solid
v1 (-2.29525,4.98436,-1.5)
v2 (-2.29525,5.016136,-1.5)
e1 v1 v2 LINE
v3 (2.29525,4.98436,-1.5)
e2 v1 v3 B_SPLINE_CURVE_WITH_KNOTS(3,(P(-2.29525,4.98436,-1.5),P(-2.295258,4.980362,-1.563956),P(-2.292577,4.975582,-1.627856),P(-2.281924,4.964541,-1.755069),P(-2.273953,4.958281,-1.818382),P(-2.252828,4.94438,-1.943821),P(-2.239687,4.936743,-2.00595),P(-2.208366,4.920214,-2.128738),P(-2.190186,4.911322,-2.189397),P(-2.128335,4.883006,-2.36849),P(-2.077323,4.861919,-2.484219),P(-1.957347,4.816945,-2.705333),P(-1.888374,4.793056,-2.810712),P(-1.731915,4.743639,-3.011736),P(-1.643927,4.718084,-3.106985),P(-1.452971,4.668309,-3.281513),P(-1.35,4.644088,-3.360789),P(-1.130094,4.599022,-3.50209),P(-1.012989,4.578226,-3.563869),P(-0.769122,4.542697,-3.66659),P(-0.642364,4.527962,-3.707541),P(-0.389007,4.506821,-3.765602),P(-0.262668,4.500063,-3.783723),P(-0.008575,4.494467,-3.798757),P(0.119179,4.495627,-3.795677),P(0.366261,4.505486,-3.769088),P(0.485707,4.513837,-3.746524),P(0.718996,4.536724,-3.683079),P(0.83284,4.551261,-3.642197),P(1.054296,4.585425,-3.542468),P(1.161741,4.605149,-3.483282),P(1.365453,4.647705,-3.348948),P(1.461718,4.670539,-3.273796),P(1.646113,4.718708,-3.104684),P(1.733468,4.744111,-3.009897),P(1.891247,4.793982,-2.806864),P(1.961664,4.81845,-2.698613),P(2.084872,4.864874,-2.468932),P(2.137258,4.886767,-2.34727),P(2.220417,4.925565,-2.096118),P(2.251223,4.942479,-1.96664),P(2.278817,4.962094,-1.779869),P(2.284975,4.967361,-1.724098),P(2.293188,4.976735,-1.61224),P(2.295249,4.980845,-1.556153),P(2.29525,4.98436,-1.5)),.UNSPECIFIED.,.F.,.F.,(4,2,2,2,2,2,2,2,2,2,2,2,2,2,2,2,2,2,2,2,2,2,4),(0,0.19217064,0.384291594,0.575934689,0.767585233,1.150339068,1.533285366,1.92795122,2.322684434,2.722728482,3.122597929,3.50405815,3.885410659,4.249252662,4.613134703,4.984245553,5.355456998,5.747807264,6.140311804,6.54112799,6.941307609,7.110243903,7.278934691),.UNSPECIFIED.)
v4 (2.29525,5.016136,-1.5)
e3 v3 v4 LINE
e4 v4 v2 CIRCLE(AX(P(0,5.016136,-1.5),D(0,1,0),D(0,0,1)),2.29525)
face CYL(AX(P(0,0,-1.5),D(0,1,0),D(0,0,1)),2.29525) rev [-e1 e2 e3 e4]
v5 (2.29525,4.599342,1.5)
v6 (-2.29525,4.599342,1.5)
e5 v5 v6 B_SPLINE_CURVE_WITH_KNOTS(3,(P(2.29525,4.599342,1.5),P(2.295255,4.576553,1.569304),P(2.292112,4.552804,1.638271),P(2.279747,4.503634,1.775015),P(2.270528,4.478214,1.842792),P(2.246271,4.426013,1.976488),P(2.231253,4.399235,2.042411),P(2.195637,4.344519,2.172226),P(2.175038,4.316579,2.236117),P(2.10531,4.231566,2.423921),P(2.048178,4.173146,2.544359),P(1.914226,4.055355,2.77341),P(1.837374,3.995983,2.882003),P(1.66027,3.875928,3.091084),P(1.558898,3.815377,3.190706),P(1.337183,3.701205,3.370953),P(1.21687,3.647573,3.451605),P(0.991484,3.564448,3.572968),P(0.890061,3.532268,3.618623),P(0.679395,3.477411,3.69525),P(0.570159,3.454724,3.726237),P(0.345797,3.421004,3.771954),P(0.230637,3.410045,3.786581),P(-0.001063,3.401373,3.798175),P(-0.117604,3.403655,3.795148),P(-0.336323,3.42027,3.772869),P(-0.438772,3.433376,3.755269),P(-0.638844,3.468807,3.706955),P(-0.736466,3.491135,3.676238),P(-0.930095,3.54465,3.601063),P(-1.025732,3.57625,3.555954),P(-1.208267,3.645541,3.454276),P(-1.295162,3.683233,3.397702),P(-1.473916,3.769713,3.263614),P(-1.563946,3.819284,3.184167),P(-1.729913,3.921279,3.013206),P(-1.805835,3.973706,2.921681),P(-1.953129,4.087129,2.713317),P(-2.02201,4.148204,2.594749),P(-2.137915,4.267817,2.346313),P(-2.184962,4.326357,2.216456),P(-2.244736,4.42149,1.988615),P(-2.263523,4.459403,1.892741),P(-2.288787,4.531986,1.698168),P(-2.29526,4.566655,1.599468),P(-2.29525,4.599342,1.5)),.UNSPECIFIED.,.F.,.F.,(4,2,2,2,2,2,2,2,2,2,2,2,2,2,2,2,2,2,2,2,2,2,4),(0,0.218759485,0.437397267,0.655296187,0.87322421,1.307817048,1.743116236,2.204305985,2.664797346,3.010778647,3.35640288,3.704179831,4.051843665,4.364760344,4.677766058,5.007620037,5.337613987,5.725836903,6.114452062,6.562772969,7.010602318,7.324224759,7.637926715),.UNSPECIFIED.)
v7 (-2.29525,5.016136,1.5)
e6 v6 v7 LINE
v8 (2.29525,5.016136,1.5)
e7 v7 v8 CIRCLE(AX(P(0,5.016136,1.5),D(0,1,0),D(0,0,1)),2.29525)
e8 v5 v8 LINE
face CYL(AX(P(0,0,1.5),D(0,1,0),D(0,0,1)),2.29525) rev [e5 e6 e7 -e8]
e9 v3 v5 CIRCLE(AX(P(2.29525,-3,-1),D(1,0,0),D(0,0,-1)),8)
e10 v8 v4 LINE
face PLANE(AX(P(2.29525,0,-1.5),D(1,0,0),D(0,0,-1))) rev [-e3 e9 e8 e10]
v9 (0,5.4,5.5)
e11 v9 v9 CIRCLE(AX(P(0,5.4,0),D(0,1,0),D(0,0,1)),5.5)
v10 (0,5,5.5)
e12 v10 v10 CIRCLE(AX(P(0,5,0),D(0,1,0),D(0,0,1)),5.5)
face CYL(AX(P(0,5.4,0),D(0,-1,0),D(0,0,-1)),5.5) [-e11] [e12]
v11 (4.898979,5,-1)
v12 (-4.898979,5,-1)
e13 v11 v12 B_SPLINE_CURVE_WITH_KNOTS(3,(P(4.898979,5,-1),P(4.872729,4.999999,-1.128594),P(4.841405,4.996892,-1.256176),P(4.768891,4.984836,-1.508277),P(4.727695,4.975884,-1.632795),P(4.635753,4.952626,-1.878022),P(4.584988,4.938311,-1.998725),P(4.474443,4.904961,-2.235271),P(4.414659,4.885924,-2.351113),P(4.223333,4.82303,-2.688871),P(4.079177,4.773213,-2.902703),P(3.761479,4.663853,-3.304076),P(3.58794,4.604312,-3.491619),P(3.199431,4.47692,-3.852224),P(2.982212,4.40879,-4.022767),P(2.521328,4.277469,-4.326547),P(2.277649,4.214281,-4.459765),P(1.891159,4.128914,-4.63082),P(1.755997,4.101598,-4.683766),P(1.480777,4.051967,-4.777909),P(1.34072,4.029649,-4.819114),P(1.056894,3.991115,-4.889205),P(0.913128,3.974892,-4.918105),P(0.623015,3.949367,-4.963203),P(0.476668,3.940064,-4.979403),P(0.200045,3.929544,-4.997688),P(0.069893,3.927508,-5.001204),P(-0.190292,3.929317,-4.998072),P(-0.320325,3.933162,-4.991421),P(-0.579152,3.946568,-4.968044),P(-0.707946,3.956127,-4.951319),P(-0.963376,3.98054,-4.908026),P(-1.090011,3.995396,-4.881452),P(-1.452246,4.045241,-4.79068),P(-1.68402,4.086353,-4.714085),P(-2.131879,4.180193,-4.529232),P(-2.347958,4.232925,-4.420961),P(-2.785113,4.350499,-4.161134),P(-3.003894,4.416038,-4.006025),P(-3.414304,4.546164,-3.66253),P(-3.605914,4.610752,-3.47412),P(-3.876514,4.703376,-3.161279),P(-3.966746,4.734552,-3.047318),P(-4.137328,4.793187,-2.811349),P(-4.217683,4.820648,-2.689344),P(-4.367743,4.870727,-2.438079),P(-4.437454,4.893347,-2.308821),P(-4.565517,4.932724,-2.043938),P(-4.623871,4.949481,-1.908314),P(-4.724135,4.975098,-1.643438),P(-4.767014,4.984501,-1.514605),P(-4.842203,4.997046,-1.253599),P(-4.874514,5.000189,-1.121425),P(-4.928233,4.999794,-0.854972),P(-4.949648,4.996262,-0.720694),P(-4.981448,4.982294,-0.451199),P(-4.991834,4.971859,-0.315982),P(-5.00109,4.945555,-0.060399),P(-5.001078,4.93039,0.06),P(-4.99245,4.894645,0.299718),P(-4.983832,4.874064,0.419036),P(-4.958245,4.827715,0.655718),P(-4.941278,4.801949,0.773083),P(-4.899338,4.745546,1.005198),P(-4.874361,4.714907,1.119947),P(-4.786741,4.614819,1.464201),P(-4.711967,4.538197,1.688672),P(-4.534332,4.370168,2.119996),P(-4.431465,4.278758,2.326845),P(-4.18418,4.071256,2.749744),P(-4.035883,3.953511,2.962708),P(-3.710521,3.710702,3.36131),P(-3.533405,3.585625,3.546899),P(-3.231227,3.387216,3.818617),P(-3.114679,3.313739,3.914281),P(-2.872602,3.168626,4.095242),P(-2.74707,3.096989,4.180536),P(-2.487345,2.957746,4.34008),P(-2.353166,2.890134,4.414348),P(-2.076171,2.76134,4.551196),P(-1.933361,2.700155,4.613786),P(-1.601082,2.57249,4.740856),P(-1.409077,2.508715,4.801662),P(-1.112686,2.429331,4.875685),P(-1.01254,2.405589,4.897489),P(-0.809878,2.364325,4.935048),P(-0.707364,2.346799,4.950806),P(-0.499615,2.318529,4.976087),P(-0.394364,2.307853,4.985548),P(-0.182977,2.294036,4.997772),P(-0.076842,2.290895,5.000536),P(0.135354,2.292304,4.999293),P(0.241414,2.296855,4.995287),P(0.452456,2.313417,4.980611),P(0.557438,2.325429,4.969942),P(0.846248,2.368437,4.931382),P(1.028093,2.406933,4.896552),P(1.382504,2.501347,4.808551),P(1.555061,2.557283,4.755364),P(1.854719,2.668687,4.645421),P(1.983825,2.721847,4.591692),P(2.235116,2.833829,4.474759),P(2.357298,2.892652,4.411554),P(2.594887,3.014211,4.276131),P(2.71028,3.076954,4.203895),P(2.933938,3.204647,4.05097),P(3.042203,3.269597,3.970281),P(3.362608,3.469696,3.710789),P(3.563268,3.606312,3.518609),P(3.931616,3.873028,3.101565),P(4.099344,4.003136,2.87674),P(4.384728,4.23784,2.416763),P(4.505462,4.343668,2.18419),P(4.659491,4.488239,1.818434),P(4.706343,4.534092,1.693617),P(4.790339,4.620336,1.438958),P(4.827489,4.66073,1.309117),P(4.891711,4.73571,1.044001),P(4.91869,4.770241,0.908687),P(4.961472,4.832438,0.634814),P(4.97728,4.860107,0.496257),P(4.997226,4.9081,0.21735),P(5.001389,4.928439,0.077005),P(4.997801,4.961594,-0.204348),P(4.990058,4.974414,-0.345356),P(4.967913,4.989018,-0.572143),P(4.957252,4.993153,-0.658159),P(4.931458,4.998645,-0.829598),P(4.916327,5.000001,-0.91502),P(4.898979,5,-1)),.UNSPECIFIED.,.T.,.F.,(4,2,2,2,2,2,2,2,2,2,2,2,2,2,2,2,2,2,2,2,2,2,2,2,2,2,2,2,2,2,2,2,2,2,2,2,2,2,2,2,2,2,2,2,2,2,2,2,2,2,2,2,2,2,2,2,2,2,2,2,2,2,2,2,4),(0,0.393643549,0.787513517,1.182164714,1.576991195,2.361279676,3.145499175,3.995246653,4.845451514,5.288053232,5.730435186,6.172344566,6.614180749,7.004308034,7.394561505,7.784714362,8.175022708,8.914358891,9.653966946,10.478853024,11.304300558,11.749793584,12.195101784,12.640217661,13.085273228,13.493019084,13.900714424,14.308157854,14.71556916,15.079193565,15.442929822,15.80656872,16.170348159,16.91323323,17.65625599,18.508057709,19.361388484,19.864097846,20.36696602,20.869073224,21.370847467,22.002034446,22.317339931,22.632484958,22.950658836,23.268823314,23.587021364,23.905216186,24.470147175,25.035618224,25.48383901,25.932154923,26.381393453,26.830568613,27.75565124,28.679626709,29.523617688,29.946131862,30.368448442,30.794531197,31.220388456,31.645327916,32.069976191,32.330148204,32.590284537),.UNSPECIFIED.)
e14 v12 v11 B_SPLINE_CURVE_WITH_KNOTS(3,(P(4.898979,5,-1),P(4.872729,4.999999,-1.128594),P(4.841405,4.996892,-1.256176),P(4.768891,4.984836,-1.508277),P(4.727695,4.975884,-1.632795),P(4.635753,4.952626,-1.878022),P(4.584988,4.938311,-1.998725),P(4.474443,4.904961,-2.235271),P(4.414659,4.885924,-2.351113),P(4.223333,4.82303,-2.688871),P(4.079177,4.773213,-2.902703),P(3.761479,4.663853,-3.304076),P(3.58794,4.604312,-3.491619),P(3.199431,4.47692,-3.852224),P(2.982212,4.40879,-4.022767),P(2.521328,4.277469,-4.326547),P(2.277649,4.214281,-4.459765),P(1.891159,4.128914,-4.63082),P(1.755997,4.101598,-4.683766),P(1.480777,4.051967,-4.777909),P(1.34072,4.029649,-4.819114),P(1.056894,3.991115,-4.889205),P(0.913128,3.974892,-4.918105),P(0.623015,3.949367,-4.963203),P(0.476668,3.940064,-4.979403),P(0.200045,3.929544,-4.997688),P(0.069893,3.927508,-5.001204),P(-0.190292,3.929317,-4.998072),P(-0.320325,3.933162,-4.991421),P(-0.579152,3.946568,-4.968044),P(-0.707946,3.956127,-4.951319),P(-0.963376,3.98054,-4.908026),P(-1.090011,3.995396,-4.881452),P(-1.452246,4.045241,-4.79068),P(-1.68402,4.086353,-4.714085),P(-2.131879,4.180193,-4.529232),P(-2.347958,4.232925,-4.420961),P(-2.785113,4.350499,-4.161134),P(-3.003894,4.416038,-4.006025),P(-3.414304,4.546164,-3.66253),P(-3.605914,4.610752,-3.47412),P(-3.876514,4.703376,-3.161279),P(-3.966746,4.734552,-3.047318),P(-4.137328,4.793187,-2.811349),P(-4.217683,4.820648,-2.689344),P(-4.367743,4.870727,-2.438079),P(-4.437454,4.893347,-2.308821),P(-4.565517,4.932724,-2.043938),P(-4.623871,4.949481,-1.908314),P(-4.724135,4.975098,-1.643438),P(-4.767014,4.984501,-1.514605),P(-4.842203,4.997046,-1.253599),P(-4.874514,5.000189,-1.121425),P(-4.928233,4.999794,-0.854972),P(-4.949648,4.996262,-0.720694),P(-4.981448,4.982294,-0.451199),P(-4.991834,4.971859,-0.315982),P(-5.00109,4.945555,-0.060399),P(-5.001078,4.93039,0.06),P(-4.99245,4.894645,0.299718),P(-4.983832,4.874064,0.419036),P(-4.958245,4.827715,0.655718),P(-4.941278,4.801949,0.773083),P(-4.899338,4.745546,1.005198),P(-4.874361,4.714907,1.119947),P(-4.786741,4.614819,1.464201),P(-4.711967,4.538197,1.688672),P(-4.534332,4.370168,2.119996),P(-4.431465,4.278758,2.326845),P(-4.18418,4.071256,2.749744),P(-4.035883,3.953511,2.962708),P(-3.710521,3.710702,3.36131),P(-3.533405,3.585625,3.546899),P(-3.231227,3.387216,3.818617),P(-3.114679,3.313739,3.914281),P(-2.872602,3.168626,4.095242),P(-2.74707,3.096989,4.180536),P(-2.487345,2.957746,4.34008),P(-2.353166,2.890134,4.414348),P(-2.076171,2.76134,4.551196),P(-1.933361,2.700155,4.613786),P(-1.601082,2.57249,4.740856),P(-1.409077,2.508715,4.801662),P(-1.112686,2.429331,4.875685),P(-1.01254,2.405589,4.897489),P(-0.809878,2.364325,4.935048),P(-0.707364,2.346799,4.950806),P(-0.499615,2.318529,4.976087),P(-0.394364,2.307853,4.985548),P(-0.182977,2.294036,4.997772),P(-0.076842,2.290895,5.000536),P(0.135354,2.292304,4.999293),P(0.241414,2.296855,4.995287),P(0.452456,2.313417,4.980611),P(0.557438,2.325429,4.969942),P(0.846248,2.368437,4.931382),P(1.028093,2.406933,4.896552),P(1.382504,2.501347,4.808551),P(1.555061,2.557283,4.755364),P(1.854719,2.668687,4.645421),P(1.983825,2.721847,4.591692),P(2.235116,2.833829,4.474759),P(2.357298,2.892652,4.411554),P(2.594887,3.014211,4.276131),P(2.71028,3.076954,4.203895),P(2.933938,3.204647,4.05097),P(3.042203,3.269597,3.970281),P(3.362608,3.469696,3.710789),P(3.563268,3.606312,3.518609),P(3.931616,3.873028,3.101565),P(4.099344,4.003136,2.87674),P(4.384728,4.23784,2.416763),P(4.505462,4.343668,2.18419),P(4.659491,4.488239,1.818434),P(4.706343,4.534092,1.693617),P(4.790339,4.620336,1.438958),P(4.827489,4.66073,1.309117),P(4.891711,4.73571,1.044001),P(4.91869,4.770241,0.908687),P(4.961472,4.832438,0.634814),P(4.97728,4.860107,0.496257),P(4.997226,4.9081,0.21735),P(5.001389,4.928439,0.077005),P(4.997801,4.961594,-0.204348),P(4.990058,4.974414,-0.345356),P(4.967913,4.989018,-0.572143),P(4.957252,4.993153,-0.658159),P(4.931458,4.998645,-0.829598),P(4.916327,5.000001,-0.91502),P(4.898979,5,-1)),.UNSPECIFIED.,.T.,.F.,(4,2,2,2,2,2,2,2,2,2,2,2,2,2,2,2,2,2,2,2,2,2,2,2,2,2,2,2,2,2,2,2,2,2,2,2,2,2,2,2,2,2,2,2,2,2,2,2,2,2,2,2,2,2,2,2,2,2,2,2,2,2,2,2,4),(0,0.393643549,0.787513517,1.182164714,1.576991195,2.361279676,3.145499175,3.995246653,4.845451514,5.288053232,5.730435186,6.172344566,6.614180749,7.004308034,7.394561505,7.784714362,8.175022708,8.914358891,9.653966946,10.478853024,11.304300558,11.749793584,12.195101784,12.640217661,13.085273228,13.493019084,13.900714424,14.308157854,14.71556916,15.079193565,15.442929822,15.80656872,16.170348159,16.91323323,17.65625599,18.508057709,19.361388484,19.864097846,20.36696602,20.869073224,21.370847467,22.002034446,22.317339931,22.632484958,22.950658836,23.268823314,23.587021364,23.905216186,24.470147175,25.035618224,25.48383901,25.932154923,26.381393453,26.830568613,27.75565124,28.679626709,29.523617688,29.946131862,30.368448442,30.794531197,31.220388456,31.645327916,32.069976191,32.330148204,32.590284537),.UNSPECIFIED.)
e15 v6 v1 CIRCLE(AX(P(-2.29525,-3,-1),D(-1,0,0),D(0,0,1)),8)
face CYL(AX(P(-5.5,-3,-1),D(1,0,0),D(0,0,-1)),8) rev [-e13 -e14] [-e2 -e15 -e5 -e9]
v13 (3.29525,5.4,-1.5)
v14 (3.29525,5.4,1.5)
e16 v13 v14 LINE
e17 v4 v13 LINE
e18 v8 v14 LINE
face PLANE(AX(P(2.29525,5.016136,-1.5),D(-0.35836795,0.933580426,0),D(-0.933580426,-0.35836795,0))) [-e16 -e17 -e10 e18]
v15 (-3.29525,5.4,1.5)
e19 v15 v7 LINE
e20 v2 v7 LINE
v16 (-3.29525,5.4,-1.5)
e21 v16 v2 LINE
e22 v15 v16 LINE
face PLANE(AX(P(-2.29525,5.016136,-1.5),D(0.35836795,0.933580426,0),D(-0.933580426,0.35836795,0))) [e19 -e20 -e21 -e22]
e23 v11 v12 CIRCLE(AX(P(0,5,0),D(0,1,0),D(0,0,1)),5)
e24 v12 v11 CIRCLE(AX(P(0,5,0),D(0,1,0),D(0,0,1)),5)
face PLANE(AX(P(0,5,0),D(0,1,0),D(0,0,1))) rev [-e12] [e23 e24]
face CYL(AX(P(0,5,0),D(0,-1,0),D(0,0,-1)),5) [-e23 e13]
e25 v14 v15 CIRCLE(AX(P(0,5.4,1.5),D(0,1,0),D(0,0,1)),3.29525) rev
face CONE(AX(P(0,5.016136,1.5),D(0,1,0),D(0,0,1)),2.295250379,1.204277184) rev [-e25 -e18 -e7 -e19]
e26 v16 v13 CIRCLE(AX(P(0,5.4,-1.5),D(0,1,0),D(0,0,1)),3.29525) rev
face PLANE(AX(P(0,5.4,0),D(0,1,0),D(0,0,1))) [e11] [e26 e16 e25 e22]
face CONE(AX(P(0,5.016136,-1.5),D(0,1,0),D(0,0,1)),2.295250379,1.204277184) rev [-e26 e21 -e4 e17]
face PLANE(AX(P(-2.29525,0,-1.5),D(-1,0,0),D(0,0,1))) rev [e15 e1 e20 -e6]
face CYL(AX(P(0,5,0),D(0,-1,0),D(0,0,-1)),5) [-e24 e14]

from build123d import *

# Parameters (mm, degrees)
SKETCH1_R               = 5
BOSS_EXTRUDE1_DEPTH     = 5
SKETCH2_R               = 5.5
BOSS_EXTRUDE2_DEPTH     = 0.4
CUT_EXTRUDE1_DEPTH      = 6.4
SKETCH5_R               = 8
CUT_EXTRUDE2_DEPTH      = 6.5
CUT_EXTRUDE2_DEPTH_BACK = 6.5
CHAMFER4_SIZE           = 1
CHAMFER4_SIZE2          = 0.383864035


with BuildPart() as part:
    # Sketch1 → Boss-Extrude1 (new body)
    with BuildSketch(Plane(origin=(0, 0, 0), x_dir=(1, 0, 0), z_dir=(0, 1, 0))):
        Circle(SKETCH1_R)
    extrude(amount=BOSS_EXTRUDE1_DEPTH)

    # Sketch2 → Boss-Extrude2 (add)
    with BuildSketch(Plane(origin=(0, 5, 0), x_dir=(1, 0, 0), z_dir=(0, 1, 0))):
        Circle(SKETCH2_R)
    extrude(amount=BOSS_EXTRUDE2_DEPTH)

    # Sketch4 → Cut-Extrude1 (cut, through all)
    with BuildSketch(Plane(origin=(0, 5.4, 0), x_dir=(1, 0, 0), z_dir=(0, 1, 0))):
        with BuildLine():
            Line((2.295250379, 1.5), (2.295250379, -1.5))
            ThreePointArc((2.295250379, -1.5), (0, -3.795250379), (-2.295250379, -1.5))
            Line((-2.295250379, -1.5), (-2.295250379, 1.5))
            ThreePointArc((-2.295250379, 1.5), (0, 3.795250379), (2.295250379, 1.5))
        make_face()
    extrude(amount=-CUT_EXTRUDE1_DEPTH, mode=Mode.SUBTRACT)

    # Sketch5 → Cut-Extrude2 (cut, two sides)
    with BuildSketch(Plane(origin=(0, 0, 0), x_dir=(0, 0, -1), z_dir=(1, 0, 0))) as cut_extrude2_sk:
        with Locations((1, -3)):
            Circle(SKETCH5_R)
    extrude(amount=CUT_EXTRUDE2_DEPTH, mode=Mode.SUBTRACT)
    extrude(cut_extrude2_sk.sketch, amount=-CUT_EXTRUDE2_DEPTH_BACK, mode=Mode.SUBTRACT)

    # Chamfer4
    chamfer4_edges = [part.edges().sort_by_distance(p)[0] for p in [
        (0, 5.4, -3.795250379),
        (-2.295250379, 5.4, 0),
        (0, 5.4, 3.795250379),
        (2.295250379, 5.4, 0),
    ]]
    chamfer4_side = [part.faces().sort_by_distance(p)[0] for p in [
        (-5.344436508, 5.4, 0),
    ]]
    chamfer(chamfer4_edges, length=CHAMFER4_SIZE, length2=CHAMFER4_SIZE2, reference=chamfer4_side[0])


solid = part.part
